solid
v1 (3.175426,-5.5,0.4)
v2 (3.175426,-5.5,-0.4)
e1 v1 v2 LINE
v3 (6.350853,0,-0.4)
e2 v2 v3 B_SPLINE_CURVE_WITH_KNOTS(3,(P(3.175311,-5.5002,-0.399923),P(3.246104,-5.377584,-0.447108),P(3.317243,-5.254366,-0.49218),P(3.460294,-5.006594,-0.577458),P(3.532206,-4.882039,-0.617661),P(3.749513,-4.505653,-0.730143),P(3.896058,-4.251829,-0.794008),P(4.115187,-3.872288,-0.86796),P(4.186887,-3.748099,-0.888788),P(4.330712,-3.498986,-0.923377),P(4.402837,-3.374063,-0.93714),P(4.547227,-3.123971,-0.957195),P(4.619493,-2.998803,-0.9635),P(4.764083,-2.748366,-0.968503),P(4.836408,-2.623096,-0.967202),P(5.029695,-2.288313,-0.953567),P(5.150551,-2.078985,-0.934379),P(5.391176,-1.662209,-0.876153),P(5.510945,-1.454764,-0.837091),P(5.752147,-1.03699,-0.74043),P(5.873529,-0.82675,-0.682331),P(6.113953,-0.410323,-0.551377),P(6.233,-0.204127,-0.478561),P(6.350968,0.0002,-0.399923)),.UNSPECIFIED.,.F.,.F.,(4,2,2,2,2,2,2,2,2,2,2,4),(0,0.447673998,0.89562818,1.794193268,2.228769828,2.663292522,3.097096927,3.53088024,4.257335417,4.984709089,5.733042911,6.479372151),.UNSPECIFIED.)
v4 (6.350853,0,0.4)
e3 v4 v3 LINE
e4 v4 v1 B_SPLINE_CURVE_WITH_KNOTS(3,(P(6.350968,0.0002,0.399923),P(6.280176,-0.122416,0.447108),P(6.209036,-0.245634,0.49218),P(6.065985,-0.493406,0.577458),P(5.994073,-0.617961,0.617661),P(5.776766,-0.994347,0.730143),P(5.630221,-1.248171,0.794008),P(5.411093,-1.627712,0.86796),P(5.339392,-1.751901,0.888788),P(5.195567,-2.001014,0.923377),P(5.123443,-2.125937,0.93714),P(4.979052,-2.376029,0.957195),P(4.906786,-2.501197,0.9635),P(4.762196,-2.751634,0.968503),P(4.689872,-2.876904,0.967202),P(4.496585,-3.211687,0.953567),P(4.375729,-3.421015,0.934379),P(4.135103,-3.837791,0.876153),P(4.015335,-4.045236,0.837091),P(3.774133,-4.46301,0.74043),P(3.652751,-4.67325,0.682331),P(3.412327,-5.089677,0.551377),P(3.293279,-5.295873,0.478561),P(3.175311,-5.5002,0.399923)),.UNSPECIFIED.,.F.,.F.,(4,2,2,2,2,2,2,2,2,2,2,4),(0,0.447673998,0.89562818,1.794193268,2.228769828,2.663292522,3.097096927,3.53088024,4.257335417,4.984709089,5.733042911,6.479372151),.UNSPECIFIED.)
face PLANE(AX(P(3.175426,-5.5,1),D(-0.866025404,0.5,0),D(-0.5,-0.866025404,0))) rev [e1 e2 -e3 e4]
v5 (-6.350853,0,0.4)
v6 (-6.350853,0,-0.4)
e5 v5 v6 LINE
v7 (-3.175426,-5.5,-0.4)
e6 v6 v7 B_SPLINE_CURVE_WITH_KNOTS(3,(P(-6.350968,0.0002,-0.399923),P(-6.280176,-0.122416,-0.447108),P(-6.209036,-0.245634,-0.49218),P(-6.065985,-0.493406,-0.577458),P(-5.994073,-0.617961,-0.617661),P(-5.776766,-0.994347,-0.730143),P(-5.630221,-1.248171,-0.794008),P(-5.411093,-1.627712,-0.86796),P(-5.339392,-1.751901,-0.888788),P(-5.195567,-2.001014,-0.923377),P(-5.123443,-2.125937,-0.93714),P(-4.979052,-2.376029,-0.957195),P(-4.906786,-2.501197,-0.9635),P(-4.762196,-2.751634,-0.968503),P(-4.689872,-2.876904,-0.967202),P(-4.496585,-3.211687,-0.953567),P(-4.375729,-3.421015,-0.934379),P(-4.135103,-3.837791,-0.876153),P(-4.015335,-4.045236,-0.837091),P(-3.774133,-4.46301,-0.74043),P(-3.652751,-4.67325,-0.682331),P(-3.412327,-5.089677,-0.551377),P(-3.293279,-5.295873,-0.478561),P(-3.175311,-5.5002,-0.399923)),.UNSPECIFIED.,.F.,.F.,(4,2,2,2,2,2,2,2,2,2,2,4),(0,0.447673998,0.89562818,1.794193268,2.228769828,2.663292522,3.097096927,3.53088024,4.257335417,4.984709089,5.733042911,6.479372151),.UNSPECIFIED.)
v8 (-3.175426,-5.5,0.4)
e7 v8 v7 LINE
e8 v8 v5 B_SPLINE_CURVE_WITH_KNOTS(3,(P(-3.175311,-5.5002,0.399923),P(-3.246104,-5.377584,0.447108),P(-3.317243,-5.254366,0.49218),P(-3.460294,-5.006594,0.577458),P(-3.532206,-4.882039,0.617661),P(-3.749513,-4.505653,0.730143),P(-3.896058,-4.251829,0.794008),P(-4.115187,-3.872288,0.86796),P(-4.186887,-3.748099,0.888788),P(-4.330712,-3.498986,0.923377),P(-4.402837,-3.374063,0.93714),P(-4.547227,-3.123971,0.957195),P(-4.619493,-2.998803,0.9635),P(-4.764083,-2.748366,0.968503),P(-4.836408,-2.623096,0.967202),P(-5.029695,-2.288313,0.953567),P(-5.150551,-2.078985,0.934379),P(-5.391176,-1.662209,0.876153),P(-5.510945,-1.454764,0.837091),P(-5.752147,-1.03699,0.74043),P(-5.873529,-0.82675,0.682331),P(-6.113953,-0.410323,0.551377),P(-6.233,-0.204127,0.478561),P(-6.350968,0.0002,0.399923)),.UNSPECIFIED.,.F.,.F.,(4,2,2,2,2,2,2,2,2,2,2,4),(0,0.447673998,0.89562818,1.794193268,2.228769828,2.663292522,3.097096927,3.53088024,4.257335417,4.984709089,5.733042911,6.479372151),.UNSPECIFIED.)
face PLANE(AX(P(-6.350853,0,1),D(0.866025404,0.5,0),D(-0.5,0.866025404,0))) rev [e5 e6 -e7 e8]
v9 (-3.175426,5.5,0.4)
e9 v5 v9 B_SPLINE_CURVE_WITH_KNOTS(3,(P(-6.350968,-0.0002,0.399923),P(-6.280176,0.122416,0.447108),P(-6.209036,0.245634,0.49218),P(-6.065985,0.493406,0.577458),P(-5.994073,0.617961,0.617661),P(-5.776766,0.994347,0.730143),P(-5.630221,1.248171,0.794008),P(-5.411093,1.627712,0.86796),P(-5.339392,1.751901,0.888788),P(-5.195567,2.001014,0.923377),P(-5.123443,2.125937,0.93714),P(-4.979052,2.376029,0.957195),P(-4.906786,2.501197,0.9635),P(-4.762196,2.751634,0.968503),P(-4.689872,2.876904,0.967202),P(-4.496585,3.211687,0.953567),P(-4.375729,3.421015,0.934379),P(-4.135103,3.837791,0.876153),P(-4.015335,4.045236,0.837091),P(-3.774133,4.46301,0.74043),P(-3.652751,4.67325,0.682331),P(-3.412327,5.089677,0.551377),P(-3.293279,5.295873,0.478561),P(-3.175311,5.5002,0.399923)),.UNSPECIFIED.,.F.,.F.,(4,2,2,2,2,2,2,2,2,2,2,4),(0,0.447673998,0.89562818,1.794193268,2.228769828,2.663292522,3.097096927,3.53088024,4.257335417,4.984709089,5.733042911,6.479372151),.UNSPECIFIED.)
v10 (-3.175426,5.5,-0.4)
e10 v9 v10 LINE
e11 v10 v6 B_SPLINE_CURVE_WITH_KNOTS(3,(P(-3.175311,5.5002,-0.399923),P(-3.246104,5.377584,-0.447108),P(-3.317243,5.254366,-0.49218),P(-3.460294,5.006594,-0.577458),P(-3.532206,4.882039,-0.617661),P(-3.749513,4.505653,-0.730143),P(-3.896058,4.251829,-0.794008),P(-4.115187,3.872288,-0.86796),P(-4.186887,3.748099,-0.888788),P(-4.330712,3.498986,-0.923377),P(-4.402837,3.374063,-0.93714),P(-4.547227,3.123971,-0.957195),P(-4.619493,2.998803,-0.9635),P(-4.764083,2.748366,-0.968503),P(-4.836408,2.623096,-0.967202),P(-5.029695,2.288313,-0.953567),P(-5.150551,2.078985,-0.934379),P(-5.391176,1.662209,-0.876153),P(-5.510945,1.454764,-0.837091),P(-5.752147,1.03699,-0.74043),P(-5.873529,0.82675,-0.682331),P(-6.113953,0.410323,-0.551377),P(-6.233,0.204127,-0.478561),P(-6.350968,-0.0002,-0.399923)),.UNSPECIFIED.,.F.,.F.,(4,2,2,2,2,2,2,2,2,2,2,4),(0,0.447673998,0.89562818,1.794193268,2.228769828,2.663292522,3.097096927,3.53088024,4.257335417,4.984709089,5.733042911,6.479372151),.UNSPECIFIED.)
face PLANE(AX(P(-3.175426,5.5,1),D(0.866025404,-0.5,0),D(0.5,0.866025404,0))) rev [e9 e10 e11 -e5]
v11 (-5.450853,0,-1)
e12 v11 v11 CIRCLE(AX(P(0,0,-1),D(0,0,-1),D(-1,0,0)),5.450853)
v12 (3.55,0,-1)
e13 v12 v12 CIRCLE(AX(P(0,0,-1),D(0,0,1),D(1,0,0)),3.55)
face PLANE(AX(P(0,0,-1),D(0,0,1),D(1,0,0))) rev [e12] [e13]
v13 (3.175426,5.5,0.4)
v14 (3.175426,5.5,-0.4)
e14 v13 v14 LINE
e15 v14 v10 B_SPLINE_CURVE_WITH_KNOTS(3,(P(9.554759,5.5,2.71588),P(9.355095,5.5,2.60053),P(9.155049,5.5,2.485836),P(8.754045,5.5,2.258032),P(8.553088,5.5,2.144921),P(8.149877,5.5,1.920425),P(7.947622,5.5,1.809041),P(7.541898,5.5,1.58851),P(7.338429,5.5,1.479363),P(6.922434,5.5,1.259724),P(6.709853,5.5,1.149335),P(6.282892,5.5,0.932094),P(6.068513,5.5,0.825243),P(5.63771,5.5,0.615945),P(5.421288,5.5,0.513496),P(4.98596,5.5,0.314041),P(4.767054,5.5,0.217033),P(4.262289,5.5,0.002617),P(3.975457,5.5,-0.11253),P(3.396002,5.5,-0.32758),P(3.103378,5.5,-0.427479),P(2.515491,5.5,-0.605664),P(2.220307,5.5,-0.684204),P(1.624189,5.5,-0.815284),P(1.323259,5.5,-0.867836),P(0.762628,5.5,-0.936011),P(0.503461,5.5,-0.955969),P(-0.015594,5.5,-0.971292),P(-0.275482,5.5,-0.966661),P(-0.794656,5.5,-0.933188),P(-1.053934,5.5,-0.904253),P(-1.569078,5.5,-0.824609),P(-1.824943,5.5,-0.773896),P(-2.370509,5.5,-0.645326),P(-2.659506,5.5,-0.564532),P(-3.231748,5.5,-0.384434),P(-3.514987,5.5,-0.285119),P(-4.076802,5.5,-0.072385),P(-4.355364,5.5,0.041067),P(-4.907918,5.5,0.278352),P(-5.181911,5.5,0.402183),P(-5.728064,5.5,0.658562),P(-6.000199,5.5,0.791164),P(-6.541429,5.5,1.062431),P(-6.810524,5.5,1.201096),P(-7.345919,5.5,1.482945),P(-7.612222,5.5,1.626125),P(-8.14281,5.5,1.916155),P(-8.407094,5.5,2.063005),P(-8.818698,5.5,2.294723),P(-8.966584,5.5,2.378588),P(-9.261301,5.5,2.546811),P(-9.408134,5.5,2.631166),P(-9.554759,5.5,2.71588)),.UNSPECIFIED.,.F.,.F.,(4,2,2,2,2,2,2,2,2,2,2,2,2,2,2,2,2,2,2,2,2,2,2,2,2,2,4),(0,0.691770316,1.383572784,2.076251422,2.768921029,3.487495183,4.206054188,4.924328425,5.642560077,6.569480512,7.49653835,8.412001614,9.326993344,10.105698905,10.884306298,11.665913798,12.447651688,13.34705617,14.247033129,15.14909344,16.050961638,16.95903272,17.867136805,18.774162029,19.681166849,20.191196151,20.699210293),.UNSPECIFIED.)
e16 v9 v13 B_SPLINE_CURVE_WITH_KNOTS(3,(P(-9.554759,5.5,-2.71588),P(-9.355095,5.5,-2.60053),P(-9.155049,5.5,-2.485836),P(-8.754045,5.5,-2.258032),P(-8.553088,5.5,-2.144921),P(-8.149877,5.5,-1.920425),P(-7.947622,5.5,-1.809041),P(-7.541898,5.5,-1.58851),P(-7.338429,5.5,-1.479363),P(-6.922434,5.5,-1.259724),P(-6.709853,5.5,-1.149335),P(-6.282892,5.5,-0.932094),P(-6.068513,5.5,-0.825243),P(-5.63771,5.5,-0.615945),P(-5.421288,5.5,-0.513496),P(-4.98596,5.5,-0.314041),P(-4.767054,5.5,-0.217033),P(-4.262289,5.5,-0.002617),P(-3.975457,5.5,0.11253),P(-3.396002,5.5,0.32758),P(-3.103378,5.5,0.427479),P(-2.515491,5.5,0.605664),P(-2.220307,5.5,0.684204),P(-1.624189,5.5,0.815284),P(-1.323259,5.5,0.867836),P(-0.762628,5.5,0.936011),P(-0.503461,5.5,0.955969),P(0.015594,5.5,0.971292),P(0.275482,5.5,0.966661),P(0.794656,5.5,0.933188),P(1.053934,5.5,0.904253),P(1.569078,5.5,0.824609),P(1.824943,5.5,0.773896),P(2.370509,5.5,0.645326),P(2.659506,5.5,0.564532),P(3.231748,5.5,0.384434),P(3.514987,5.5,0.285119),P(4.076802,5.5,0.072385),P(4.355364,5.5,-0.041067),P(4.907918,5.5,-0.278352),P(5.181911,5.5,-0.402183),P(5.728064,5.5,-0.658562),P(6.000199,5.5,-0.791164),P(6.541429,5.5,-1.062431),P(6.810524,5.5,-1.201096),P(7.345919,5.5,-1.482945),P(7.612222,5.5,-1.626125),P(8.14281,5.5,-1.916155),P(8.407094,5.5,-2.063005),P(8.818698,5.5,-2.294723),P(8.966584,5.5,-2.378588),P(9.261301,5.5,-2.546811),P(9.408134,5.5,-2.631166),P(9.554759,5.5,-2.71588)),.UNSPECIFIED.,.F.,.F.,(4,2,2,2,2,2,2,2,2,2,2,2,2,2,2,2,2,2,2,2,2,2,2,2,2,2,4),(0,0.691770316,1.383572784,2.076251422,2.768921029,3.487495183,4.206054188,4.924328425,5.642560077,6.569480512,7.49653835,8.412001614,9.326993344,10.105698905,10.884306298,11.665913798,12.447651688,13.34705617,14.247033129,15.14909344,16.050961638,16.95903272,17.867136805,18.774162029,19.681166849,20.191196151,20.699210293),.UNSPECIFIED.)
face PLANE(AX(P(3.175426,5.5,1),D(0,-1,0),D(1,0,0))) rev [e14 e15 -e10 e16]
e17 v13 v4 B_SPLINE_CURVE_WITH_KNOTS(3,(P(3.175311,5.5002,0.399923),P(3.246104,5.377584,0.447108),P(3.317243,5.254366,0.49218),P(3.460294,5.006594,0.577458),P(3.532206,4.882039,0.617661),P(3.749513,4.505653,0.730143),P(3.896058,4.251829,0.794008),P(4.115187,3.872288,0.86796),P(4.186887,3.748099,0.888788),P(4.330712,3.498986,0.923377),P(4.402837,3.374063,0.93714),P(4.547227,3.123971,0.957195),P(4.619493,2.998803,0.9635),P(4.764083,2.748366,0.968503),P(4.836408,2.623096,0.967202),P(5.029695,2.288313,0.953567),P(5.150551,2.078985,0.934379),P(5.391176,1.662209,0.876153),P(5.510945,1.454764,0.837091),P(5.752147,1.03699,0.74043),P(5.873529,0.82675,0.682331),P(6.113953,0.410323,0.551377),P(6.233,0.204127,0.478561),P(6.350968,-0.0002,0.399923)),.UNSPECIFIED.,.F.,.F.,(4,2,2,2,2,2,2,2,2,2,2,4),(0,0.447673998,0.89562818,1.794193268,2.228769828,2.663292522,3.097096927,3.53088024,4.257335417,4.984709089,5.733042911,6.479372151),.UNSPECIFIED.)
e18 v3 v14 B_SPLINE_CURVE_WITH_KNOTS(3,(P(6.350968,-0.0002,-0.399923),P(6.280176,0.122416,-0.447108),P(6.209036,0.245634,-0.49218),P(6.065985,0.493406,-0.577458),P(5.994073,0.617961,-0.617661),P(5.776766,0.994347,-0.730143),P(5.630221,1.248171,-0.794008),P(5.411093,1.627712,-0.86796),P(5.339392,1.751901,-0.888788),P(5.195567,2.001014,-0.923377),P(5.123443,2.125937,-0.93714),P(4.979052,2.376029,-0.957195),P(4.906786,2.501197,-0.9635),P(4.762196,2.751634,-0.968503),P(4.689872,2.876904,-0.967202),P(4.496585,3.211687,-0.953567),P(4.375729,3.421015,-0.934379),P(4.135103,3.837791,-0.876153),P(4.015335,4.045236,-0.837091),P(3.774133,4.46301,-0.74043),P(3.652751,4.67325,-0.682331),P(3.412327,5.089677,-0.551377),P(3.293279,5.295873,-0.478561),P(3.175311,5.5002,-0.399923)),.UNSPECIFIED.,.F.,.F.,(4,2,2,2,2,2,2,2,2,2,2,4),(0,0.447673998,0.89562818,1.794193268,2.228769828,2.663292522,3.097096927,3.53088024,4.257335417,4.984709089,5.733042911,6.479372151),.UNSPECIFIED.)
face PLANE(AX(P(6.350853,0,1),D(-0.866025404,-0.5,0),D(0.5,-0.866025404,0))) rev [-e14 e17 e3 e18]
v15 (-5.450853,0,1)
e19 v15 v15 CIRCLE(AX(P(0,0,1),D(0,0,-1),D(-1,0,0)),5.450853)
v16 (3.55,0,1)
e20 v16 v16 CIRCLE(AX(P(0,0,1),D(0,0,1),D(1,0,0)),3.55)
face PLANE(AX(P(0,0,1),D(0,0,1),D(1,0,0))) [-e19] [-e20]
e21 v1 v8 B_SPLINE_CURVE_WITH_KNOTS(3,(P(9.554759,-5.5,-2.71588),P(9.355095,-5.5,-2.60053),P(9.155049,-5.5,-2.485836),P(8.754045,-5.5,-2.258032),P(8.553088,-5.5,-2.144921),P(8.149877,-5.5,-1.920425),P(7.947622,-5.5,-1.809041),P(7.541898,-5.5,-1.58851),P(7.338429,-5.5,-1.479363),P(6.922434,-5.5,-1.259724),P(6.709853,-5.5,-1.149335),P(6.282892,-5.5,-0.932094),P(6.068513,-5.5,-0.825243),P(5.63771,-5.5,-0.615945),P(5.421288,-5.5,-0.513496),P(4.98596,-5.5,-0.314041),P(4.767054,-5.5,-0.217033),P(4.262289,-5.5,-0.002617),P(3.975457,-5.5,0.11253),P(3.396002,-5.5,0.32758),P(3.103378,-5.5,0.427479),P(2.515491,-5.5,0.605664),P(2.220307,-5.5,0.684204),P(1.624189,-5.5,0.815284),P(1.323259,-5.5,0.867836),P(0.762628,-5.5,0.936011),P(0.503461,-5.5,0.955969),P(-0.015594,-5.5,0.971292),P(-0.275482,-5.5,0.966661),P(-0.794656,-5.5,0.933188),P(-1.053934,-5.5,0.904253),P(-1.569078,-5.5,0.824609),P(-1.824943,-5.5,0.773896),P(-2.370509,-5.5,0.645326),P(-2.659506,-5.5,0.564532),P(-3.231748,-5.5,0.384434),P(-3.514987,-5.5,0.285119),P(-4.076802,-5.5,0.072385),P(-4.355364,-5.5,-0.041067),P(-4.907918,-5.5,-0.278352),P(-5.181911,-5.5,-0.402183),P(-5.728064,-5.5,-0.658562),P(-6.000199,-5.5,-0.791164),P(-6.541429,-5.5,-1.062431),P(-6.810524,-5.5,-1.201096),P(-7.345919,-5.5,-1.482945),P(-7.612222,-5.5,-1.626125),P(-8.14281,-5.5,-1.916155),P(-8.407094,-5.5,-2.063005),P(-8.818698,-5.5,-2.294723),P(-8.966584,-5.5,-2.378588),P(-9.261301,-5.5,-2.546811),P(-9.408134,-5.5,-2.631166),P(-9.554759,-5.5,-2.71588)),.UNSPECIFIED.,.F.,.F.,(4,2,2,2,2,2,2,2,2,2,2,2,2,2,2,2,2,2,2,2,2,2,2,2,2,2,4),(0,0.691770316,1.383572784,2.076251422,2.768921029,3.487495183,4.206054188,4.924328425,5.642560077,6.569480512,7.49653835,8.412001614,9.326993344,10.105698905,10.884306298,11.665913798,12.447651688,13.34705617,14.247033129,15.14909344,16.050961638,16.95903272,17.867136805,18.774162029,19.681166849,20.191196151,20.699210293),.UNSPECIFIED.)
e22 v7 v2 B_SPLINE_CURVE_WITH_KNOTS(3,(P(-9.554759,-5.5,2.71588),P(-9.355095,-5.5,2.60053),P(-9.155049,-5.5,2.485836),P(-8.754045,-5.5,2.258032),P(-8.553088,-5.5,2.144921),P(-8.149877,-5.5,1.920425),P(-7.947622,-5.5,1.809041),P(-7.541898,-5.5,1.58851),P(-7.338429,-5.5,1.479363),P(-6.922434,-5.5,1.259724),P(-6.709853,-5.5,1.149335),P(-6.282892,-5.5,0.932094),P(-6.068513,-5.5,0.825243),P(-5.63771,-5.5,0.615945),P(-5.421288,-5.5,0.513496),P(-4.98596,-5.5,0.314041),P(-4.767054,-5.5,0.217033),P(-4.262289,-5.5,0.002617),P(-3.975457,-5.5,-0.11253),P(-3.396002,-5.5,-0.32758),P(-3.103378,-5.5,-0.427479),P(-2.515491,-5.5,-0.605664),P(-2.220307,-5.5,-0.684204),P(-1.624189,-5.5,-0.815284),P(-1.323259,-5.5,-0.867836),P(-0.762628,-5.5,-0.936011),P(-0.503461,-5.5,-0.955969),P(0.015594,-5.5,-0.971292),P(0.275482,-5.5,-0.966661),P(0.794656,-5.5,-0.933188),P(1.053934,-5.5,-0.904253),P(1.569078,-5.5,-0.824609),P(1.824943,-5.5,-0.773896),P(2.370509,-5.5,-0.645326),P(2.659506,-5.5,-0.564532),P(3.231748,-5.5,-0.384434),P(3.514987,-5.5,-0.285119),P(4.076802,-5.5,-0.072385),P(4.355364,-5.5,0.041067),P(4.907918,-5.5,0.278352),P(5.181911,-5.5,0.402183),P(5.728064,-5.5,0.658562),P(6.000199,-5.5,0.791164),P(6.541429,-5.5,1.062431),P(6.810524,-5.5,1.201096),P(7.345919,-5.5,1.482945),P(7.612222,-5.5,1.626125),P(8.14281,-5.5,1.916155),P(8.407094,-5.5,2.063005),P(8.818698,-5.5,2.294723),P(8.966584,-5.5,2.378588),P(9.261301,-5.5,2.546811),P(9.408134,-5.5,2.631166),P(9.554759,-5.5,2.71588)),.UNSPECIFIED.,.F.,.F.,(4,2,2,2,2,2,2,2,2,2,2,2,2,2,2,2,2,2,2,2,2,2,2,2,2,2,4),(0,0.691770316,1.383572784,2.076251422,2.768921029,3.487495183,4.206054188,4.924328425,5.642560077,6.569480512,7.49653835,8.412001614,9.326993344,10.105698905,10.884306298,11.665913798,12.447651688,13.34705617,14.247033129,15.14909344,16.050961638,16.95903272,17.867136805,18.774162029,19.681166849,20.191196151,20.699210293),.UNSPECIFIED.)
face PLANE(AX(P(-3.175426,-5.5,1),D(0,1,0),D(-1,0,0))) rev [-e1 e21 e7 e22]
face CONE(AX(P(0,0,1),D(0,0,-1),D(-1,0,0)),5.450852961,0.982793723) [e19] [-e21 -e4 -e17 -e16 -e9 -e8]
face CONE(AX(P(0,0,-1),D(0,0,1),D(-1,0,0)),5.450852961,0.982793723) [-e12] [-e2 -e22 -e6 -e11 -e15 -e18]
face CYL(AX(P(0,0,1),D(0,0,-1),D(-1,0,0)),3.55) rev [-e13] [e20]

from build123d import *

# Parameters (mm, degrees)
ESQUISSE1_R        = 3.55
BOSS_EXTRU_1_DEPTH = 1


with BuildPart() as part:
    # Esquisse1 → Boss.-Extru.1 (new, symmetric)
    with BuildSketch(Plane.XY):
        Polygon((3.175426481, -5.5), (6.350852961, 0), (3.175426481, 5.5), (-3.175426481, 5.5), (-6.350852961, 0), (-3.175426481, -5.5), align=None)
        Circle(ESQUISSE1_R, mode=Mode.SUBTRACT)
    extrude(amount=BOSS_EXTRU_1_DEPTH, both=True)

    # Esquisse2 → Enlèvement de matière-Révolution1 (revolve, cut)
    with BuildSketch(Plane(origin=(0, 0, 0), x_dir=(1, 0, 0), z_dir=(0, 1, 0))):
        Polygon((-6.350852961, -0.4), (-5.450852961, -1), (-6.350852961, -1), align=None)
    enl_vement_de_mati_re_r_volution1 = revolve(axis=Axis((0, 0, -0.1), (0, 0, 1)), mode=Mode.SUBTRACT)

    # Symétrie2: Enlèvement de matière-Révolution1 across plane
    add(enl_vement_de_mati_re_r_volution1.mirror(Plane.XY), mode=Mode.SUBTRACT)


solid = part.part
